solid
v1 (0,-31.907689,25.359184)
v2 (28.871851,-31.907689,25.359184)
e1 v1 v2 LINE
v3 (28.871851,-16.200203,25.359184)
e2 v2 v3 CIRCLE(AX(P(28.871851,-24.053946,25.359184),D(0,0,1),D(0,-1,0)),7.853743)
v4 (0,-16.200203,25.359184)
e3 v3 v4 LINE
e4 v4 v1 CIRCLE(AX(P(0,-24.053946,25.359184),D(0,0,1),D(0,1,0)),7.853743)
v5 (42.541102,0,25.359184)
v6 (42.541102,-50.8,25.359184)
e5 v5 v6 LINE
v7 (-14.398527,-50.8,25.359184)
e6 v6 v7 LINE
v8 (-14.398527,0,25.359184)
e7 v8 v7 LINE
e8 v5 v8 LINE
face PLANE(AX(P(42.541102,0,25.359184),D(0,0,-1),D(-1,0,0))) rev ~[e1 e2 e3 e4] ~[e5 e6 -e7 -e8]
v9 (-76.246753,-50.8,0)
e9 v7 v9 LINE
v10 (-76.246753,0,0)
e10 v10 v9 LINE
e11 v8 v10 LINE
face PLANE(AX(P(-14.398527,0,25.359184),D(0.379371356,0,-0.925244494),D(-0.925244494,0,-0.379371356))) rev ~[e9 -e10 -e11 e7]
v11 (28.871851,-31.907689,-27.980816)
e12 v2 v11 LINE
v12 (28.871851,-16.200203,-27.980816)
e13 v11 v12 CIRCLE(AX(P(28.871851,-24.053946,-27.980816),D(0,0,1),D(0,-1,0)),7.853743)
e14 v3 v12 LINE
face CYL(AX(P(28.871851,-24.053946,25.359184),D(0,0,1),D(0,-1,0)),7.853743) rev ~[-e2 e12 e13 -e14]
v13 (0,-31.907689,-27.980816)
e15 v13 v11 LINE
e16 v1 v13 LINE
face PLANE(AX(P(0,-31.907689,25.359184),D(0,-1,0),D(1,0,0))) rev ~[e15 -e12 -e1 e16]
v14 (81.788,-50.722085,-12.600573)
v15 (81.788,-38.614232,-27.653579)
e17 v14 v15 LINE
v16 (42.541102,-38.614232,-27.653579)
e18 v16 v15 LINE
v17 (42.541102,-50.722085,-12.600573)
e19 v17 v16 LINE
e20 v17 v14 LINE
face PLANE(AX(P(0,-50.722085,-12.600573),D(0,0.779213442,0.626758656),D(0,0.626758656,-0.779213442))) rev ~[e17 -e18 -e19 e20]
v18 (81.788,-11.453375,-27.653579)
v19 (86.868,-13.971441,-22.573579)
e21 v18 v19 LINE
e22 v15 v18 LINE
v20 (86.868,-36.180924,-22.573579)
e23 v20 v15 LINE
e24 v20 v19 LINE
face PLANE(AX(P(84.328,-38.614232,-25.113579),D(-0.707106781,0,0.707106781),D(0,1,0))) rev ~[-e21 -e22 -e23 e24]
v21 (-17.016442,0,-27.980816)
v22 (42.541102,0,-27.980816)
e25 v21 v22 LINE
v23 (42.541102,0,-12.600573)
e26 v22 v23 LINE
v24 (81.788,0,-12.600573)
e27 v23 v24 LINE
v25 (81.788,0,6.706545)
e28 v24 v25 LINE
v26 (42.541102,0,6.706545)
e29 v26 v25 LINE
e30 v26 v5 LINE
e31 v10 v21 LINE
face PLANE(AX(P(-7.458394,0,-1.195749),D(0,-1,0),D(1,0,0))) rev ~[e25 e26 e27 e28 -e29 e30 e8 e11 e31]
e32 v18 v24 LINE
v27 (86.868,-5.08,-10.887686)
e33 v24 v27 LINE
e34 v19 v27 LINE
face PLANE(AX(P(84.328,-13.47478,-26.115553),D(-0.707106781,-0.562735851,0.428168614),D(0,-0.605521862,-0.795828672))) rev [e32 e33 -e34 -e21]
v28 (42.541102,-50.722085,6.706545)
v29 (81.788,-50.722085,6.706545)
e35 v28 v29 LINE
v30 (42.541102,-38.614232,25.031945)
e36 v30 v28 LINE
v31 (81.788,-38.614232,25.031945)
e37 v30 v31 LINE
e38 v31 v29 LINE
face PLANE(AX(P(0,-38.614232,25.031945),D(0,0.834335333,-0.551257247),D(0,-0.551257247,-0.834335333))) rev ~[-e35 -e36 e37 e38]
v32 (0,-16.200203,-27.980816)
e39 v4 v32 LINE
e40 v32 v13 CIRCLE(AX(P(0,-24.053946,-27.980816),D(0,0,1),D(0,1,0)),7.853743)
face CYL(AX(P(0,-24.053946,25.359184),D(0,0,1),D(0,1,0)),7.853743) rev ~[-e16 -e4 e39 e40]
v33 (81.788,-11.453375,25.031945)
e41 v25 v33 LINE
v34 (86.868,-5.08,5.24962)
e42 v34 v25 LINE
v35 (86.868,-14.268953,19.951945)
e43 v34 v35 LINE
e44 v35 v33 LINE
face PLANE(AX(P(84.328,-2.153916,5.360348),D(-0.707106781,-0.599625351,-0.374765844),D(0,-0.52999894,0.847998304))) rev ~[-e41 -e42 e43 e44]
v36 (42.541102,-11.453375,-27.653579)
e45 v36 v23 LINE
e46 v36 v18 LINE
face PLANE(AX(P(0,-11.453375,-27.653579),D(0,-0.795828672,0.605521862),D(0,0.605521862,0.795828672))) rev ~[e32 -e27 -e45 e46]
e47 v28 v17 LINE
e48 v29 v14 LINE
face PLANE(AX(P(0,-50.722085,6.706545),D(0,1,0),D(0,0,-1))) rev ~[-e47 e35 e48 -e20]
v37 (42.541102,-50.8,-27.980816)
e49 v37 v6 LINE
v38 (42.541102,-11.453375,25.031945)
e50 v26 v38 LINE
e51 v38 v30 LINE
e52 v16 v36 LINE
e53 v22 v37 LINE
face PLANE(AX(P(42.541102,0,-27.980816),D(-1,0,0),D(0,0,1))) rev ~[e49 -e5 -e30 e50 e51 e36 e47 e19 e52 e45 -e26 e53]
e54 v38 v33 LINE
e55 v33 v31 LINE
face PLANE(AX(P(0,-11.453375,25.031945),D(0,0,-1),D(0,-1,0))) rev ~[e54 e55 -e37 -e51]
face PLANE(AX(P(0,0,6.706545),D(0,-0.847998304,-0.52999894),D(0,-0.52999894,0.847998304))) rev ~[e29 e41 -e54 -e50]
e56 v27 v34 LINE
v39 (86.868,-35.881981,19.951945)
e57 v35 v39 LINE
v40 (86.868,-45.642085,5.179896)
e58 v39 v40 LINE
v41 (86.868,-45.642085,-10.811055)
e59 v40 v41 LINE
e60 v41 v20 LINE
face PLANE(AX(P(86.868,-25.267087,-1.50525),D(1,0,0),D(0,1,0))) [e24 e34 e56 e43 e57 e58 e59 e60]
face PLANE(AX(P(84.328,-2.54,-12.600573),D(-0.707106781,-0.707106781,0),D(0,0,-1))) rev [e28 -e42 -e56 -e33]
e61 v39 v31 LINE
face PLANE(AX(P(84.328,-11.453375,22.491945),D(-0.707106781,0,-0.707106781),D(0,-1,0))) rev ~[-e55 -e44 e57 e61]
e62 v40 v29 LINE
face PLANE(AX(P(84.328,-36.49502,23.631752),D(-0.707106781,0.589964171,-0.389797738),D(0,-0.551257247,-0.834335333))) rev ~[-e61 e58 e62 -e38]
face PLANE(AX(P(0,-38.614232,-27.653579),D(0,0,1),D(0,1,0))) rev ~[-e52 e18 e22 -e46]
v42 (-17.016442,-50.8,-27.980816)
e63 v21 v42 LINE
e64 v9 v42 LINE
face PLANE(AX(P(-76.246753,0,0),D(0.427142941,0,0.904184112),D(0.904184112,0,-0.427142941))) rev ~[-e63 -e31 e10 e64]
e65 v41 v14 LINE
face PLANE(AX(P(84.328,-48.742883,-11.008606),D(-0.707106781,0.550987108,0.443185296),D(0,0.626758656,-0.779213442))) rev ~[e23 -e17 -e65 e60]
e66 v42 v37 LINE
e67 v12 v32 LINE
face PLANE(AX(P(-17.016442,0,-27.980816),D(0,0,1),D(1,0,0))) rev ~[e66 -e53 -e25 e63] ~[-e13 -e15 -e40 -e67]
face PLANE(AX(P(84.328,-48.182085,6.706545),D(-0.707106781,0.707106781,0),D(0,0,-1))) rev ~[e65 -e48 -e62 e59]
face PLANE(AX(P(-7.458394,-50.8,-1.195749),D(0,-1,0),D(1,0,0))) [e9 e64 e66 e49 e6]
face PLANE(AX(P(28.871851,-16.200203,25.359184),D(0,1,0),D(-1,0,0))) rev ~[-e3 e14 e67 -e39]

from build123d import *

# Parameters (mm, degrees)
F1_DEPTH = 50.8
F3_DEPTH = 86.868
F5_DEPTH = 97.028
F6_SIZE  = 5.08


with BuildPart() as f1:
    # F0 (on Front) → F1 (new body)
    with BuildSketch(Plane.XZ):
        Polygon((-14.398527, 25.359184), (-76.246753, 0), (-17.016442, -27.980816), (42.541102, -27.980816), (42.541102, 25.359184), align=None)
    extrude(amount=F1_DEPTH)

    # F2 (on Right) → F3 (join)
    with BuildSketch(Plane.YZ):
        Polygon((-11.453375, 25.031945), (-38.614232, 25.031945), (-50.722085, 6.706545), (-50.722085, -12.600573), (-38.614232, -27.653579), (-11.453375, -27.653579), (0, -12.600573), (0, 6.706545), align=None)
    extrude(amount=F3_DEPTH)

    # F4 (on face) → F5 (cut)
    with BuildSketch(Plane.XY.offset(25.359184)):
        with BuildLine():
            Line((28.871851, -16.200203), (0, -16.200203))
            ThreePointArc((0, -16.200203), (-7.853743, -24.053946), (0, -31.907689))
            Line((0, -31.907689), (28.871851, -31.907689))
            ThreePointArc((28.871851, -31.907689), (36.725594, -24.053946), (28.871851, -16.200203))
        make_face()
    extrude(amount=-F5_DEPTH, mode=Mode.SUBTRACT)

    # F6
    f6_edges = [f1.edges().sort_by_distance(p)[0] for p in [
        (86.868, -25.033804, 25.031945),
        (86.868, -5.726688, 15.869245),
        (86.868, 0, -2.947014),
        (86.868, -5.726688, -20.127076),
        (86.868, -25.033804, -27.653579),
        (86.868, -44.668159, 15.869245),
        (86.868, -50.722085, -2.947014),
        (86.868, -44.668159, -20.127076),
    ]]
    chamfer(f6_edges, length=F6_SIZE)


solid = f1.part
